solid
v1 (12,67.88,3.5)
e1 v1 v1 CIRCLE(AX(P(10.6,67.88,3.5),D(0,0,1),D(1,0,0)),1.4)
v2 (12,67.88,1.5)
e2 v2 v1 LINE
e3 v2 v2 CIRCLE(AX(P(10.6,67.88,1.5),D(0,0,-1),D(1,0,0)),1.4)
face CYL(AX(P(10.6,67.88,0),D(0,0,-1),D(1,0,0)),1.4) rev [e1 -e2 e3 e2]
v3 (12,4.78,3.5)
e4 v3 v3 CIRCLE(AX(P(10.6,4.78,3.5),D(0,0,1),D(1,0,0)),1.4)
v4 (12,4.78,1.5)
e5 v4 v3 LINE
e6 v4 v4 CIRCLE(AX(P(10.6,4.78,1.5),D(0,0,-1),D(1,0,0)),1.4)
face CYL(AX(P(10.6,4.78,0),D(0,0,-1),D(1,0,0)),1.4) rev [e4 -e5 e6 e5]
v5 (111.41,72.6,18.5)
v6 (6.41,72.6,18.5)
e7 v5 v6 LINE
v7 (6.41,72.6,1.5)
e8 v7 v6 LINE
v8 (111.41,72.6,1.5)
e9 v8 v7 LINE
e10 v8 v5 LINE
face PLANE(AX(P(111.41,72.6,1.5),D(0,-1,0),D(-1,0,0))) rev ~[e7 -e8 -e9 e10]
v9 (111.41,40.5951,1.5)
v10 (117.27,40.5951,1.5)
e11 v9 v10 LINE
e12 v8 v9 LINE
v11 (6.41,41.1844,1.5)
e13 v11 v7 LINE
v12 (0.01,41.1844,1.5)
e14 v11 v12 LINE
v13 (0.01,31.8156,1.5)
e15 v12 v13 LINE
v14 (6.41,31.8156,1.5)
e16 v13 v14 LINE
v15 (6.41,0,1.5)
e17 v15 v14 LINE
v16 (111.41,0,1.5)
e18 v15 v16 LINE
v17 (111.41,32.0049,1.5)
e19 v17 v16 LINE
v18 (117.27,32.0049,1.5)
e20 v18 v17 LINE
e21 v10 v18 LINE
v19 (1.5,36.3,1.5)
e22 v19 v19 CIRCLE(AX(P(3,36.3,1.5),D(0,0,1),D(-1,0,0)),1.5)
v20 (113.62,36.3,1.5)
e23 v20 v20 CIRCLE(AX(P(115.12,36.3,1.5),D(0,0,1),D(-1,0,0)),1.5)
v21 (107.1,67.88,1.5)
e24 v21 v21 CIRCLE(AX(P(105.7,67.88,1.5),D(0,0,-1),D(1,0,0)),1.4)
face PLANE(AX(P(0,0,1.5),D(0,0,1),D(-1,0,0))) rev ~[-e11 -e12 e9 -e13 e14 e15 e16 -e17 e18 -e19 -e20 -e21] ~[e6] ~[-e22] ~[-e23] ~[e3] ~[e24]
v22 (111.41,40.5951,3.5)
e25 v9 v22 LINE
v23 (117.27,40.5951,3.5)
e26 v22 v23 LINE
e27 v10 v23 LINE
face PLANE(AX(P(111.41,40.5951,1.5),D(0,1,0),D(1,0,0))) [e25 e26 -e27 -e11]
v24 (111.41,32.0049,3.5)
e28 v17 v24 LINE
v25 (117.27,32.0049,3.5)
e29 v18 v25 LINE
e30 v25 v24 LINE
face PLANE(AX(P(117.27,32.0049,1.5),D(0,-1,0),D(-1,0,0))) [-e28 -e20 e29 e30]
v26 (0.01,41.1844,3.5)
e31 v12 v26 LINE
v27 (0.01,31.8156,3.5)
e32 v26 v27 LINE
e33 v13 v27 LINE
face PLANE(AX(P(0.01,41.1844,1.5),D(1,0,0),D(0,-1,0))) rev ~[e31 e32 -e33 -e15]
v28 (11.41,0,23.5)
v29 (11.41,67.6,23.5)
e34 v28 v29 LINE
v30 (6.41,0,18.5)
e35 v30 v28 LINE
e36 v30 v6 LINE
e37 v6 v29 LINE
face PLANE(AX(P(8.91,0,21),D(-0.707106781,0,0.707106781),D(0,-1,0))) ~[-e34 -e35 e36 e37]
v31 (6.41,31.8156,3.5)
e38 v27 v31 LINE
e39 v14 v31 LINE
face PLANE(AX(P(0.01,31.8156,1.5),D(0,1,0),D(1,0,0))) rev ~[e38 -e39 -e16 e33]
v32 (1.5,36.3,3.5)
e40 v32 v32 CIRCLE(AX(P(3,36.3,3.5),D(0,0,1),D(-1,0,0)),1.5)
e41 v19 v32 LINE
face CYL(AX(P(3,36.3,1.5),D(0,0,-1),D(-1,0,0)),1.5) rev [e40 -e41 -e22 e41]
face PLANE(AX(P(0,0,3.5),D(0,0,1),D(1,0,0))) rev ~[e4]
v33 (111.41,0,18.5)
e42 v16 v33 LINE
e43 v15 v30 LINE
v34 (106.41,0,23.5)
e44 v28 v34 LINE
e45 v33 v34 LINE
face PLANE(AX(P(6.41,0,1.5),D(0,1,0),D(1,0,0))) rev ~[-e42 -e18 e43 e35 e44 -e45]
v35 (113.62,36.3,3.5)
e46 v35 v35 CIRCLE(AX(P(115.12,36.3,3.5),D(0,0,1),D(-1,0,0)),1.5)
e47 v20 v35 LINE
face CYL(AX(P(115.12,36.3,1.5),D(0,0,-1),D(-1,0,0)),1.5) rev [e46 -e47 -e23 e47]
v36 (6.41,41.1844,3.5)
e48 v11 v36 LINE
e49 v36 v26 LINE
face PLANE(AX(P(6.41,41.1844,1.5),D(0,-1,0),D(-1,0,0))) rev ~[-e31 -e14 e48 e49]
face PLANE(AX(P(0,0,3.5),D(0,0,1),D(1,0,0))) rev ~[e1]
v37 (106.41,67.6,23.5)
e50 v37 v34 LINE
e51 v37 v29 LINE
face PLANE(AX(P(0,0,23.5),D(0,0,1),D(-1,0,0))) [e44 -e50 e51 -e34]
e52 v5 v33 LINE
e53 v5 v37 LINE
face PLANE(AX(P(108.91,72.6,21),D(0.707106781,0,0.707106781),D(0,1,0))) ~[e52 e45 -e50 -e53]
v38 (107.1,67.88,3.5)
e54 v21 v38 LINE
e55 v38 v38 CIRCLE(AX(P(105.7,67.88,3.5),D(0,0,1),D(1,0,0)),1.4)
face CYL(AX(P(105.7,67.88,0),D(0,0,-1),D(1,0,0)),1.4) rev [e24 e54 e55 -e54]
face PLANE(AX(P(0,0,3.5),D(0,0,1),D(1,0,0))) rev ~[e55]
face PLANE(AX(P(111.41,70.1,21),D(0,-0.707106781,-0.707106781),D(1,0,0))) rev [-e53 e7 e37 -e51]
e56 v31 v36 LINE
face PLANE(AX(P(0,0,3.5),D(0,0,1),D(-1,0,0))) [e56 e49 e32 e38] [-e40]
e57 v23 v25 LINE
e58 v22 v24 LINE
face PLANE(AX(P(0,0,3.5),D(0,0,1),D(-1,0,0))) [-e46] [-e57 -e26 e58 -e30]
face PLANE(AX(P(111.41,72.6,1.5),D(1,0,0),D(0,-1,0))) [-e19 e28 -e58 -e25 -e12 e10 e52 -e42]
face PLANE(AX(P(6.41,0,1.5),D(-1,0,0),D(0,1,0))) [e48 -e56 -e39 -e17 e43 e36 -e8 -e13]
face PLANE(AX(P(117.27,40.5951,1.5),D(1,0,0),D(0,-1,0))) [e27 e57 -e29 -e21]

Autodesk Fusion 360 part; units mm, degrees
sketch "Sketch1" plane through (0, 0, 0) normal (0, 0, 1) x (1, 0, 0)
  line L0 (0, 0) -> (117.82, 0)
  line L1 (117.82, 0) -> (117.82, 72.6)
  line L2 (117.82, 72.6) -> (0, 72.6)
  line L3 (0, 72.6) -> (0, 0)
  circle A0 centre (10.6, 67.88) radius 1.4
  circle A1 centre (10.6, 4.78) radius 1.4
  circle A2 centre (105.7, 67.88) radius 1.4
  line L4 (10.6, 67.88) -> (10.6, 69.28) construction
  line L5 (105.7, 67.88) -> (105.7, 69.28) construction
  line L6 (10.6, 67.88) -> (9.2, 67.88) construction
  line L7 (105.7, 67.88) -> (107.1, 67.88) construction
  line L8 (10.6, 4.78) -> (10.6, 3.38) construction
  line L9 (10.6, 4.78) -> (9.2, 4.78) construction
  line L10 (10.6, 67.88) -> (105.7, 67.88) construction
  line L11 (10.6, 67.88) -> (10.6, 4.78) construction
  line L12 (0, 36.3) -> (117.82, 36.3) construction
  circle A3 centre (3, 36.3) radius 1.5
  circle A4 centre (115.12, 36.3) radius 1.5
  dimension "d1" = 117.82
  dimension "d2" = 72.6
  dimension "d3" = 2.8
  dimension "d4" = 2.8
  dimension "d6" = 2.8
  dimension "d18" = 95.1
  dimension "d19" = 63.1
  dimension "d20" = 4.72
  dimension "d21" = 10.6
  dimension "d22" = 3
  dimension "d23" = 3
  dimension "d24" = 2.7
  dimension "d25" = 3
sketch "Sketch2" plane through (0, 0, 0) normal (0, 0, -1) x (1, 0, 0)
  circle A0 centre (10.6, -67.88) radius 1.4
  circle A1 centre (105.7, -67.88) radius 1.4
  circle A2 centre (10.6, -4.78) radius 1.4
  line L0 (0, 0) -> (0, -72.6)
  line L1 (0, -72.6) -> (117.82, -72.6)
  line L2 (117.82, -72.6) -> (117.82, 0)
  line L3 (117.82, 0) -> (0, 0)
  line L4 (117.82, -72.6) -> (0, 0) construction
  line L5 (0, -72.6) -> (117.82, 0) construction
  line L6 (88.1333, -48) -> (51.3806, -48)
  line L7 (51.3806, -48) -> (51.3806, -6)
  line L8 (51.3806, -6) -> (88.1333, -6)
  line L9 (88.1333, -6) -> (88.1333, -48)
  circle A3 centre (3, -36.3) radius 1.5
  circle A4 centre (115.12, -36.3) radius 1.5
sketch "Sketch3" plane through (0, 0, 1.5) normal (0, 0, 1) x (-1, 0, 0)
  circle A0 centre (-10.6, -67.88) radius 1.4
  circle A1 centre (-105.7, -67.88) radius 1.4
  circle A2 centre (-10.6, -4.78) radius 1.4
  circle A3 centre (-3, -36.3) radius 1.5
  circle A4 centre (-115.12, -36.3) radius 1.5
  line L0 (0, -72.6) -> (0, 0)
  line L1 (0, 0) -> (-117.82, 0)
  line L2 (-117.82, 0) -> (-117.82, -72.6)
  line L3 (-117.82, -72.6) -> (0, -72.6)
  line L4 (-6.41, -73) -> (-111.41, -73)
  line L5 (-111.41, -73) -> (-111.41, 0)
  line L6 (-111.41, 0) -> (-6.41, 0)
  line L7 (-6.41, 0) -> (-6.41, -73)
  line L8 (-6.41, -41.1844) -> (-0.01, -41.1844)
  line L9 (-0.01, -41.1844) -> (-0.01, -31.8156)
  line L10 (-0.01, -31.8156) -> (-6.41, -31.8156)
  line L11 (-111.41, -40.5951) -> (-117.27, -40.5951)
  line L12 (-117.27, -40.5951) -> (-117.27, -32.0049)
  line L13 (-117.27, -32.0049) -> (-111.41, -32.0049)
  line L14 (-117.27, -36.3) -> (-111.41, -36.3) construction
  line L15 (-0.01, -36.5) -> (-6.41, -36.5) construction
  line L16 (-58.91, 0) -> (-58.91, -72.6) construction
  point P0 (-115.12, -36.3)
  point P1 (-3, -36.5)
  dimension "d26" = 105
  dimension "d27" = 73
  dimension "d30" = 6.4
  dimension "d31" = 117.26
extrude "Extrude3" add sketch "Sketch3" along normal blind 22 contours A0 | A1 | A2 | L1 L3 L5 L6 L7
extrude "Extrude4" add sketch "Sketch3" along normal blind 2 contours L7 L8 L9 L10 | L5 L11 L12 L13
chamfer "Chamfer1" distance 5 angle 45 3 edges at (6.41, 36.3, 23.5) (58.91, 72.6, 23.5) (111.41, 36.3, 23.5)
shell "Shell1" thickness 2 removed faces 1 at (43.0767, 0, 8.8333)
extrude "Extrude5" cut sketch "Sketch1" along normal blind 3.5 contours A0 | A1 | A2
equation "d4 = d3"
equation "d6 = d3"
equation "d18 = 92.3 mm + d3"
equation "d19 = 60.3 mm + d3"
